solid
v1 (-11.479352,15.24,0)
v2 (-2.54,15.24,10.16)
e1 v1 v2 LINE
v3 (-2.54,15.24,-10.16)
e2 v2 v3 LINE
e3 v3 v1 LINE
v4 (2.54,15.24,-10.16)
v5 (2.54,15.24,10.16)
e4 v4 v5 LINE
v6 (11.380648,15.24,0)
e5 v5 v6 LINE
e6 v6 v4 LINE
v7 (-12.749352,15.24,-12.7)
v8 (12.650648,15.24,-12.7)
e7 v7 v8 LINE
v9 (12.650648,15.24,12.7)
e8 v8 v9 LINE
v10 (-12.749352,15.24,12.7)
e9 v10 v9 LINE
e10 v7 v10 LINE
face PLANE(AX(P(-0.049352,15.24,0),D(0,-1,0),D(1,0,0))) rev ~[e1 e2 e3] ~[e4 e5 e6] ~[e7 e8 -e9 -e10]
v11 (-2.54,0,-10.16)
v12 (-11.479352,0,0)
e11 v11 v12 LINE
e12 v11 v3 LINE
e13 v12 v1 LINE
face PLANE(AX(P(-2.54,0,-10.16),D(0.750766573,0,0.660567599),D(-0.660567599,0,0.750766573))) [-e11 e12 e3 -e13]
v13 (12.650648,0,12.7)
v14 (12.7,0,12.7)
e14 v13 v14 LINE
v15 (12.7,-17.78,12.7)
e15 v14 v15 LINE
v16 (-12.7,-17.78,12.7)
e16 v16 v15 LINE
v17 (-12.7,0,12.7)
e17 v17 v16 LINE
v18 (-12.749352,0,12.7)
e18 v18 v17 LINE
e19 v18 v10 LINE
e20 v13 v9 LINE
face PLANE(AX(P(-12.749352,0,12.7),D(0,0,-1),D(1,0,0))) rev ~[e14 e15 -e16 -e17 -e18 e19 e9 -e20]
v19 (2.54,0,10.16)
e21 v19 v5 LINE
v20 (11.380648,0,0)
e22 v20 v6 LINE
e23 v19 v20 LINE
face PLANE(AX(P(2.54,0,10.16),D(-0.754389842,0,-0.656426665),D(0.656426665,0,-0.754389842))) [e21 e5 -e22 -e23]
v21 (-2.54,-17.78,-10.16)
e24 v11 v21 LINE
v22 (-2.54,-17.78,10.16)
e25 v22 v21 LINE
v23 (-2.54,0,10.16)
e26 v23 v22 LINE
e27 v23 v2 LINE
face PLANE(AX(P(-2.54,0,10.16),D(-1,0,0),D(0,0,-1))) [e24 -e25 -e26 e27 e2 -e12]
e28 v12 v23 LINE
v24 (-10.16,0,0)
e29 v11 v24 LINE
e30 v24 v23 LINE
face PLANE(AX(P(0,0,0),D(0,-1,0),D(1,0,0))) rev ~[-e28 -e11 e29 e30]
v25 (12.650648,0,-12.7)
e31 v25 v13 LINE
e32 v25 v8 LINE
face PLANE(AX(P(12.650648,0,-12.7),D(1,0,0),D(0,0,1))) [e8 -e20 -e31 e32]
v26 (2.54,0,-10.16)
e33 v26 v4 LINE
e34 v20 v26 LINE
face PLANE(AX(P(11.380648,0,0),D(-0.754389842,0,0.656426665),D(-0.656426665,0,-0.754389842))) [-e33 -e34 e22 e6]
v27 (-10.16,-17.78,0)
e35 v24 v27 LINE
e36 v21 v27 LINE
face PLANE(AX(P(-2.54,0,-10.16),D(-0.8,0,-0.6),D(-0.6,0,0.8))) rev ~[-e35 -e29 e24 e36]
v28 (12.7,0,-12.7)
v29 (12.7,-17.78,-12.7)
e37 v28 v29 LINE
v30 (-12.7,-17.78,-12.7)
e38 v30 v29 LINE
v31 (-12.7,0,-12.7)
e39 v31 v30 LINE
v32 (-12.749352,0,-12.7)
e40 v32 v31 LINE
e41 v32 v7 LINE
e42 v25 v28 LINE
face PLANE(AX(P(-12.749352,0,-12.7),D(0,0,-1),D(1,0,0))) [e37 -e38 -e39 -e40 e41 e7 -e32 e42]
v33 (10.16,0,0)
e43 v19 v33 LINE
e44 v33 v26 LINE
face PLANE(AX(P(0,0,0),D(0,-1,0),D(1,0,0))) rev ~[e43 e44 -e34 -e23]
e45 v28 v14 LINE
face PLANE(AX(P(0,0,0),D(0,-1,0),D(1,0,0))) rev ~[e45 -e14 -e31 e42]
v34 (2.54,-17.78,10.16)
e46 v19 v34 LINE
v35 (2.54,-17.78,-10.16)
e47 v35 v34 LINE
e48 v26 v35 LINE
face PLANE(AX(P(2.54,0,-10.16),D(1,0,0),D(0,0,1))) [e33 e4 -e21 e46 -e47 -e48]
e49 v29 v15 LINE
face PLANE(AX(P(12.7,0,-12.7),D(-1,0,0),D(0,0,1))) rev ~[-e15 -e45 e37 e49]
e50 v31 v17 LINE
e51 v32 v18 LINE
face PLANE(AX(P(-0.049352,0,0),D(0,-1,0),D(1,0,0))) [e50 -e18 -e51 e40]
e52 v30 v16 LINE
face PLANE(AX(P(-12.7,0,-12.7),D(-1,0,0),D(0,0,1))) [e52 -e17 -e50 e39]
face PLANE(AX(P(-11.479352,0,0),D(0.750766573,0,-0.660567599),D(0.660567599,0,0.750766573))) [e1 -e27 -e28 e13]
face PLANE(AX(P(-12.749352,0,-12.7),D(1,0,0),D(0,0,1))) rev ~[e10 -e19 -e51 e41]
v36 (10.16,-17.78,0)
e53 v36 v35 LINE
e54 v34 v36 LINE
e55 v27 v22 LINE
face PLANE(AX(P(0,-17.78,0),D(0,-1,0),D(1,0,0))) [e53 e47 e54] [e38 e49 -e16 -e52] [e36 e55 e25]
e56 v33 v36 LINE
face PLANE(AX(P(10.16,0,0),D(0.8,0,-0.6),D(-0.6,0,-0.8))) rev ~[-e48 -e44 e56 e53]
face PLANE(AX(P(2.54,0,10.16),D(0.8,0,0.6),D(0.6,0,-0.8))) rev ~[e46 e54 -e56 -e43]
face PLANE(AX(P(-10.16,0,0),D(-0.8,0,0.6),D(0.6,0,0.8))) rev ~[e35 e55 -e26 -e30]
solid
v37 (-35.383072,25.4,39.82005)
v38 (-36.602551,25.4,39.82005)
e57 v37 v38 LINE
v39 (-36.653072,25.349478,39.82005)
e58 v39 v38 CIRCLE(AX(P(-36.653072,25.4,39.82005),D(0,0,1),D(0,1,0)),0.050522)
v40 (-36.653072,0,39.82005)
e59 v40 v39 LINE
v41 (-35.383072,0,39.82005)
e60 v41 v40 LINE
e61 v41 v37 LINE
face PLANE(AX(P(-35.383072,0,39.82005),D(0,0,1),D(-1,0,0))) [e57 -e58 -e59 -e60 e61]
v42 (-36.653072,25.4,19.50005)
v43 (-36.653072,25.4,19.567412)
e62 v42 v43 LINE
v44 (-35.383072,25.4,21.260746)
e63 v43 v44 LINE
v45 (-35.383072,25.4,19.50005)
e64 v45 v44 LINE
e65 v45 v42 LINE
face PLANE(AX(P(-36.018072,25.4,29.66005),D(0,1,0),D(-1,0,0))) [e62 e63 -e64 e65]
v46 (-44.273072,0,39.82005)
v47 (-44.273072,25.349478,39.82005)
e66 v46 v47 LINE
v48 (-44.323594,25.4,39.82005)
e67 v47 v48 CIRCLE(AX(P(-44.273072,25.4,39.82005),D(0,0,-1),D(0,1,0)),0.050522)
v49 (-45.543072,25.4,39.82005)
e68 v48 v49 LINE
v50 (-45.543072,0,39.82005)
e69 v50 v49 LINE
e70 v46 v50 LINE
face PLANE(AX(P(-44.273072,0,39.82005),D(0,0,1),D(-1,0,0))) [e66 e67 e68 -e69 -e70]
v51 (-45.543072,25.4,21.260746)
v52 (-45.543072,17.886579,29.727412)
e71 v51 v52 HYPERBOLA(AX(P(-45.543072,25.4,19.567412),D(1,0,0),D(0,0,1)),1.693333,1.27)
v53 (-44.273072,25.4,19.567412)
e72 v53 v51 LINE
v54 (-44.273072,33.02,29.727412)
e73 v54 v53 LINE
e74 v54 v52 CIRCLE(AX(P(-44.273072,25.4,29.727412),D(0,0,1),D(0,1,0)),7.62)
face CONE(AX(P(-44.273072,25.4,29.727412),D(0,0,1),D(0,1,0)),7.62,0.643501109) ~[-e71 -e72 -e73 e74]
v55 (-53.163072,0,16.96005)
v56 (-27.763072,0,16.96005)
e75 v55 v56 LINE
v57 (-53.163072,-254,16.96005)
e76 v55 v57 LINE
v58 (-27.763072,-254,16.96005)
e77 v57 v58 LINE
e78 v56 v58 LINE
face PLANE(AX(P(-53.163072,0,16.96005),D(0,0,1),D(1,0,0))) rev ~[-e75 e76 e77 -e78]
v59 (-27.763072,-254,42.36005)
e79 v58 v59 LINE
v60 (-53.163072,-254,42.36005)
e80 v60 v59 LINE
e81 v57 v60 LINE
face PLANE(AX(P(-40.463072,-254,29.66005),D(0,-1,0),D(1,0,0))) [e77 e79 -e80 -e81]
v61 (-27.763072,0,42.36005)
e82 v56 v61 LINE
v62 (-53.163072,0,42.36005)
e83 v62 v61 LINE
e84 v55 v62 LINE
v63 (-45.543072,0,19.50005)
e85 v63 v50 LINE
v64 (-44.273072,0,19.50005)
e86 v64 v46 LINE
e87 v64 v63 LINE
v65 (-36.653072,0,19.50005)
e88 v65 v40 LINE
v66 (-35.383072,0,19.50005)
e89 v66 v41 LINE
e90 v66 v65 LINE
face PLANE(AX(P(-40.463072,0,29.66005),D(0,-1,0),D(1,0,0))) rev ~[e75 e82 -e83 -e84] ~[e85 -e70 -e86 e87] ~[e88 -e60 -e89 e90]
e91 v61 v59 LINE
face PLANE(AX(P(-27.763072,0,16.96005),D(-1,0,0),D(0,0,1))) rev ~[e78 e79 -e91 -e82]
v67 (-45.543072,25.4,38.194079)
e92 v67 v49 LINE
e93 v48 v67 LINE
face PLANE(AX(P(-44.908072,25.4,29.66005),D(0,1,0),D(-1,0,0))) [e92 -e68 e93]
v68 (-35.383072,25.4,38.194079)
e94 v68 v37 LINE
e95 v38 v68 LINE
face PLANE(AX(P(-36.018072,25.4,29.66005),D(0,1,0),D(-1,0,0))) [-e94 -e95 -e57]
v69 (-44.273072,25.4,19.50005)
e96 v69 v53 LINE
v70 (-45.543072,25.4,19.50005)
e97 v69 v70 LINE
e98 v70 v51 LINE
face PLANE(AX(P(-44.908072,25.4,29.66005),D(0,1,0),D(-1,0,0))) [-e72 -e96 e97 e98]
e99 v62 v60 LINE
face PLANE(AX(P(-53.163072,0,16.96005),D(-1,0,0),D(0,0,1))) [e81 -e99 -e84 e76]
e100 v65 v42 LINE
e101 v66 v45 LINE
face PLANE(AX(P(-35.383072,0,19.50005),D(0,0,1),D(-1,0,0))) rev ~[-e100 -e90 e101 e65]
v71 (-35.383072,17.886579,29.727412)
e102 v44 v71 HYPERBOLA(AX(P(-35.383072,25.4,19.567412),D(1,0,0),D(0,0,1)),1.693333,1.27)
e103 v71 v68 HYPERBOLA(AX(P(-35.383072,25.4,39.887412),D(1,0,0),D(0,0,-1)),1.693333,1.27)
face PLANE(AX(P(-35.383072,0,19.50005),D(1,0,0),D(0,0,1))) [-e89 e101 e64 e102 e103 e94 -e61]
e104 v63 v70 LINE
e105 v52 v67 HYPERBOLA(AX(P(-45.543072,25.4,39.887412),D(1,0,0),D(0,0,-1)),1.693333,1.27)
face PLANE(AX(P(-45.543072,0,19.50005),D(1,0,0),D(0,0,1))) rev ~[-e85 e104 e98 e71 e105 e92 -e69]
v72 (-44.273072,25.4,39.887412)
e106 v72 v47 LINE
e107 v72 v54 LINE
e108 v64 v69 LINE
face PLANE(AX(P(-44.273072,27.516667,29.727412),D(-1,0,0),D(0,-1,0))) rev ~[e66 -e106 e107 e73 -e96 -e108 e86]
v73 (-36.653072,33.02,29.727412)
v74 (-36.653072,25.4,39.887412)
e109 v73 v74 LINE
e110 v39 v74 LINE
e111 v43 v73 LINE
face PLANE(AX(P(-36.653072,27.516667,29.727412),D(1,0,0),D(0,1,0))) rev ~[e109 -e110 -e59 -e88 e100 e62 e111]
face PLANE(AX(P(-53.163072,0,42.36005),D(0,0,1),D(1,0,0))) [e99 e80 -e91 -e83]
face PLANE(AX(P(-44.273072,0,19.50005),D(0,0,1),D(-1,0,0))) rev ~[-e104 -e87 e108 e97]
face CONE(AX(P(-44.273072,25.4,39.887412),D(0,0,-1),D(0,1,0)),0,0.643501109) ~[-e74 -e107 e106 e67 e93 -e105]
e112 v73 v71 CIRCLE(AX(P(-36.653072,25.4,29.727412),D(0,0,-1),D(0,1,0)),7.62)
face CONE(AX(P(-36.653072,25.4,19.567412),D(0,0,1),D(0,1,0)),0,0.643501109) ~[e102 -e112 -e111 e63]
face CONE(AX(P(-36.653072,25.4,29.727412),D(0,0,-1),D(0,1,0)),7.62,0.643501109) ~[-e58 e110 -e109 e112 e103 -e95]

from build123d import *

# Parameters (mm, degrees)
F0_W          = 25.4
F0_H          = 25.4
F1_DEPTH      = 254
F4_W          = 1.27
F4_H          = 20.32
F5_DEPTH      = 25.4
F6_ANGLE_BACK = 90
F6_ANGLE      = 180
F7_ANGLE_BACK = 90
F7_ANGLE      = 180
F8_W          = 25.4
F8_H          = 25.4
F9_DEPTH      = 17.78
F10_W         = 25.4
F10_H         = 25.4
F11_DEPTH     = 15.24


with BuildPart() as f1:
    # F0 (on Front) → F1 (new body)
    with BuildSketch(Plane.XZ):
        with Locations((-40.4630722478, 29.6600502176)):
            Rectangle(F0_W, F0_H)
    extrude(amount=F1_DEPTH)

    # F4 (on face) → F5 (join)
    with BuildSketch(Plane(origin=(0, 0, 0), x_dir=(-1, 0, 0), z_dir=(0, 1, 0))):
        with Locations((36.0180722478, 29.6600502176)):
            Rectangle(F4_W, F4_H)
        with Locations((44.9080722478, 29.6600502176)):
            Rectangle(F4_W, F4_H)
    extrude(amount=F5_DEPTH)

    # F3 (on offset) → F6 (revolve)
    with BuildSketch(Plane.XZ.offset(-25.4), mode=Mode.PRIVATE) as f6_sk:
        Polygon((-51.8930722478, 29.7274123877), (-44.2730722478, 19.5674123877), (-44.2730722478, 39.8874123877), align=None)
    revolve(f6_sk.sketch.rotate(Axis((-44.2730722478, 25.4, 29.7274123877), (0, 0, 1)), -F6_ANGLE_BACK), axis=Axis((-44.2730722478, 25.4, 29.7274123877), (0, 0, 1)), revolution_arc=F6_ANGLE)

    # F3 (on offset) → F7 (revolve)
    with BuildSketch(Plane.XZ.offset(-25.4), mode=Mode.PRIVATE) as f7_sk:
        Polygon((-36.6530722478, 19.5674123877), (-29.0330722478, 29.7274123877), (-36.6530722478, 39.8874123877), align=None)
    revolve(f7_sk.sketch.rotate(Axis((-36.6530722478, 25.4, 29.7274123877), (0, 0, -1)), -F7_ANGLE_BACK), axis=Axis((-36.6530722478, 25.4, 29.7274123877), (0, 0, -1)), revolution_arc=F7_ANGLE)


with BuildPart() as f9:
    # F8 (on Front) → F9 (new body)
    with BuildSketch(Plane.XZ):
        Rectangle(F8_W, F8_H)
        Polygon((-2.54, 10.16), (-2.54, -10.16), (-10.16, 0), align=None, mode=Mode.SUBTRACT)
        Polygon((2.54, 10.16), (10.16, 0), (2.54, -10.16), align=None, mode=Mode.SUBTRACT)
    extrude(amount=F9_DEPTH)

    # F10 (on Front) → F11 (join)
    with BuildSketch(Plane.XZ):
        with Locations((-0.0493521808, 0)):
            Rectangle(F10_W, F10_H)
        Polygon((-2.54, 10.16), (-2.54, -10.16), (-11.4793521808, 0), align=None, mode=Mode.SUBTRACT)
        Polygon((2.54, 10.16), (11.3806478192, 0), (2.54, -10.16), align=None, mode=Mode.SUBTRACT)
    extrude(amount=-F11_DEPTH)


solid = Compound([f1.part, f9.part])
